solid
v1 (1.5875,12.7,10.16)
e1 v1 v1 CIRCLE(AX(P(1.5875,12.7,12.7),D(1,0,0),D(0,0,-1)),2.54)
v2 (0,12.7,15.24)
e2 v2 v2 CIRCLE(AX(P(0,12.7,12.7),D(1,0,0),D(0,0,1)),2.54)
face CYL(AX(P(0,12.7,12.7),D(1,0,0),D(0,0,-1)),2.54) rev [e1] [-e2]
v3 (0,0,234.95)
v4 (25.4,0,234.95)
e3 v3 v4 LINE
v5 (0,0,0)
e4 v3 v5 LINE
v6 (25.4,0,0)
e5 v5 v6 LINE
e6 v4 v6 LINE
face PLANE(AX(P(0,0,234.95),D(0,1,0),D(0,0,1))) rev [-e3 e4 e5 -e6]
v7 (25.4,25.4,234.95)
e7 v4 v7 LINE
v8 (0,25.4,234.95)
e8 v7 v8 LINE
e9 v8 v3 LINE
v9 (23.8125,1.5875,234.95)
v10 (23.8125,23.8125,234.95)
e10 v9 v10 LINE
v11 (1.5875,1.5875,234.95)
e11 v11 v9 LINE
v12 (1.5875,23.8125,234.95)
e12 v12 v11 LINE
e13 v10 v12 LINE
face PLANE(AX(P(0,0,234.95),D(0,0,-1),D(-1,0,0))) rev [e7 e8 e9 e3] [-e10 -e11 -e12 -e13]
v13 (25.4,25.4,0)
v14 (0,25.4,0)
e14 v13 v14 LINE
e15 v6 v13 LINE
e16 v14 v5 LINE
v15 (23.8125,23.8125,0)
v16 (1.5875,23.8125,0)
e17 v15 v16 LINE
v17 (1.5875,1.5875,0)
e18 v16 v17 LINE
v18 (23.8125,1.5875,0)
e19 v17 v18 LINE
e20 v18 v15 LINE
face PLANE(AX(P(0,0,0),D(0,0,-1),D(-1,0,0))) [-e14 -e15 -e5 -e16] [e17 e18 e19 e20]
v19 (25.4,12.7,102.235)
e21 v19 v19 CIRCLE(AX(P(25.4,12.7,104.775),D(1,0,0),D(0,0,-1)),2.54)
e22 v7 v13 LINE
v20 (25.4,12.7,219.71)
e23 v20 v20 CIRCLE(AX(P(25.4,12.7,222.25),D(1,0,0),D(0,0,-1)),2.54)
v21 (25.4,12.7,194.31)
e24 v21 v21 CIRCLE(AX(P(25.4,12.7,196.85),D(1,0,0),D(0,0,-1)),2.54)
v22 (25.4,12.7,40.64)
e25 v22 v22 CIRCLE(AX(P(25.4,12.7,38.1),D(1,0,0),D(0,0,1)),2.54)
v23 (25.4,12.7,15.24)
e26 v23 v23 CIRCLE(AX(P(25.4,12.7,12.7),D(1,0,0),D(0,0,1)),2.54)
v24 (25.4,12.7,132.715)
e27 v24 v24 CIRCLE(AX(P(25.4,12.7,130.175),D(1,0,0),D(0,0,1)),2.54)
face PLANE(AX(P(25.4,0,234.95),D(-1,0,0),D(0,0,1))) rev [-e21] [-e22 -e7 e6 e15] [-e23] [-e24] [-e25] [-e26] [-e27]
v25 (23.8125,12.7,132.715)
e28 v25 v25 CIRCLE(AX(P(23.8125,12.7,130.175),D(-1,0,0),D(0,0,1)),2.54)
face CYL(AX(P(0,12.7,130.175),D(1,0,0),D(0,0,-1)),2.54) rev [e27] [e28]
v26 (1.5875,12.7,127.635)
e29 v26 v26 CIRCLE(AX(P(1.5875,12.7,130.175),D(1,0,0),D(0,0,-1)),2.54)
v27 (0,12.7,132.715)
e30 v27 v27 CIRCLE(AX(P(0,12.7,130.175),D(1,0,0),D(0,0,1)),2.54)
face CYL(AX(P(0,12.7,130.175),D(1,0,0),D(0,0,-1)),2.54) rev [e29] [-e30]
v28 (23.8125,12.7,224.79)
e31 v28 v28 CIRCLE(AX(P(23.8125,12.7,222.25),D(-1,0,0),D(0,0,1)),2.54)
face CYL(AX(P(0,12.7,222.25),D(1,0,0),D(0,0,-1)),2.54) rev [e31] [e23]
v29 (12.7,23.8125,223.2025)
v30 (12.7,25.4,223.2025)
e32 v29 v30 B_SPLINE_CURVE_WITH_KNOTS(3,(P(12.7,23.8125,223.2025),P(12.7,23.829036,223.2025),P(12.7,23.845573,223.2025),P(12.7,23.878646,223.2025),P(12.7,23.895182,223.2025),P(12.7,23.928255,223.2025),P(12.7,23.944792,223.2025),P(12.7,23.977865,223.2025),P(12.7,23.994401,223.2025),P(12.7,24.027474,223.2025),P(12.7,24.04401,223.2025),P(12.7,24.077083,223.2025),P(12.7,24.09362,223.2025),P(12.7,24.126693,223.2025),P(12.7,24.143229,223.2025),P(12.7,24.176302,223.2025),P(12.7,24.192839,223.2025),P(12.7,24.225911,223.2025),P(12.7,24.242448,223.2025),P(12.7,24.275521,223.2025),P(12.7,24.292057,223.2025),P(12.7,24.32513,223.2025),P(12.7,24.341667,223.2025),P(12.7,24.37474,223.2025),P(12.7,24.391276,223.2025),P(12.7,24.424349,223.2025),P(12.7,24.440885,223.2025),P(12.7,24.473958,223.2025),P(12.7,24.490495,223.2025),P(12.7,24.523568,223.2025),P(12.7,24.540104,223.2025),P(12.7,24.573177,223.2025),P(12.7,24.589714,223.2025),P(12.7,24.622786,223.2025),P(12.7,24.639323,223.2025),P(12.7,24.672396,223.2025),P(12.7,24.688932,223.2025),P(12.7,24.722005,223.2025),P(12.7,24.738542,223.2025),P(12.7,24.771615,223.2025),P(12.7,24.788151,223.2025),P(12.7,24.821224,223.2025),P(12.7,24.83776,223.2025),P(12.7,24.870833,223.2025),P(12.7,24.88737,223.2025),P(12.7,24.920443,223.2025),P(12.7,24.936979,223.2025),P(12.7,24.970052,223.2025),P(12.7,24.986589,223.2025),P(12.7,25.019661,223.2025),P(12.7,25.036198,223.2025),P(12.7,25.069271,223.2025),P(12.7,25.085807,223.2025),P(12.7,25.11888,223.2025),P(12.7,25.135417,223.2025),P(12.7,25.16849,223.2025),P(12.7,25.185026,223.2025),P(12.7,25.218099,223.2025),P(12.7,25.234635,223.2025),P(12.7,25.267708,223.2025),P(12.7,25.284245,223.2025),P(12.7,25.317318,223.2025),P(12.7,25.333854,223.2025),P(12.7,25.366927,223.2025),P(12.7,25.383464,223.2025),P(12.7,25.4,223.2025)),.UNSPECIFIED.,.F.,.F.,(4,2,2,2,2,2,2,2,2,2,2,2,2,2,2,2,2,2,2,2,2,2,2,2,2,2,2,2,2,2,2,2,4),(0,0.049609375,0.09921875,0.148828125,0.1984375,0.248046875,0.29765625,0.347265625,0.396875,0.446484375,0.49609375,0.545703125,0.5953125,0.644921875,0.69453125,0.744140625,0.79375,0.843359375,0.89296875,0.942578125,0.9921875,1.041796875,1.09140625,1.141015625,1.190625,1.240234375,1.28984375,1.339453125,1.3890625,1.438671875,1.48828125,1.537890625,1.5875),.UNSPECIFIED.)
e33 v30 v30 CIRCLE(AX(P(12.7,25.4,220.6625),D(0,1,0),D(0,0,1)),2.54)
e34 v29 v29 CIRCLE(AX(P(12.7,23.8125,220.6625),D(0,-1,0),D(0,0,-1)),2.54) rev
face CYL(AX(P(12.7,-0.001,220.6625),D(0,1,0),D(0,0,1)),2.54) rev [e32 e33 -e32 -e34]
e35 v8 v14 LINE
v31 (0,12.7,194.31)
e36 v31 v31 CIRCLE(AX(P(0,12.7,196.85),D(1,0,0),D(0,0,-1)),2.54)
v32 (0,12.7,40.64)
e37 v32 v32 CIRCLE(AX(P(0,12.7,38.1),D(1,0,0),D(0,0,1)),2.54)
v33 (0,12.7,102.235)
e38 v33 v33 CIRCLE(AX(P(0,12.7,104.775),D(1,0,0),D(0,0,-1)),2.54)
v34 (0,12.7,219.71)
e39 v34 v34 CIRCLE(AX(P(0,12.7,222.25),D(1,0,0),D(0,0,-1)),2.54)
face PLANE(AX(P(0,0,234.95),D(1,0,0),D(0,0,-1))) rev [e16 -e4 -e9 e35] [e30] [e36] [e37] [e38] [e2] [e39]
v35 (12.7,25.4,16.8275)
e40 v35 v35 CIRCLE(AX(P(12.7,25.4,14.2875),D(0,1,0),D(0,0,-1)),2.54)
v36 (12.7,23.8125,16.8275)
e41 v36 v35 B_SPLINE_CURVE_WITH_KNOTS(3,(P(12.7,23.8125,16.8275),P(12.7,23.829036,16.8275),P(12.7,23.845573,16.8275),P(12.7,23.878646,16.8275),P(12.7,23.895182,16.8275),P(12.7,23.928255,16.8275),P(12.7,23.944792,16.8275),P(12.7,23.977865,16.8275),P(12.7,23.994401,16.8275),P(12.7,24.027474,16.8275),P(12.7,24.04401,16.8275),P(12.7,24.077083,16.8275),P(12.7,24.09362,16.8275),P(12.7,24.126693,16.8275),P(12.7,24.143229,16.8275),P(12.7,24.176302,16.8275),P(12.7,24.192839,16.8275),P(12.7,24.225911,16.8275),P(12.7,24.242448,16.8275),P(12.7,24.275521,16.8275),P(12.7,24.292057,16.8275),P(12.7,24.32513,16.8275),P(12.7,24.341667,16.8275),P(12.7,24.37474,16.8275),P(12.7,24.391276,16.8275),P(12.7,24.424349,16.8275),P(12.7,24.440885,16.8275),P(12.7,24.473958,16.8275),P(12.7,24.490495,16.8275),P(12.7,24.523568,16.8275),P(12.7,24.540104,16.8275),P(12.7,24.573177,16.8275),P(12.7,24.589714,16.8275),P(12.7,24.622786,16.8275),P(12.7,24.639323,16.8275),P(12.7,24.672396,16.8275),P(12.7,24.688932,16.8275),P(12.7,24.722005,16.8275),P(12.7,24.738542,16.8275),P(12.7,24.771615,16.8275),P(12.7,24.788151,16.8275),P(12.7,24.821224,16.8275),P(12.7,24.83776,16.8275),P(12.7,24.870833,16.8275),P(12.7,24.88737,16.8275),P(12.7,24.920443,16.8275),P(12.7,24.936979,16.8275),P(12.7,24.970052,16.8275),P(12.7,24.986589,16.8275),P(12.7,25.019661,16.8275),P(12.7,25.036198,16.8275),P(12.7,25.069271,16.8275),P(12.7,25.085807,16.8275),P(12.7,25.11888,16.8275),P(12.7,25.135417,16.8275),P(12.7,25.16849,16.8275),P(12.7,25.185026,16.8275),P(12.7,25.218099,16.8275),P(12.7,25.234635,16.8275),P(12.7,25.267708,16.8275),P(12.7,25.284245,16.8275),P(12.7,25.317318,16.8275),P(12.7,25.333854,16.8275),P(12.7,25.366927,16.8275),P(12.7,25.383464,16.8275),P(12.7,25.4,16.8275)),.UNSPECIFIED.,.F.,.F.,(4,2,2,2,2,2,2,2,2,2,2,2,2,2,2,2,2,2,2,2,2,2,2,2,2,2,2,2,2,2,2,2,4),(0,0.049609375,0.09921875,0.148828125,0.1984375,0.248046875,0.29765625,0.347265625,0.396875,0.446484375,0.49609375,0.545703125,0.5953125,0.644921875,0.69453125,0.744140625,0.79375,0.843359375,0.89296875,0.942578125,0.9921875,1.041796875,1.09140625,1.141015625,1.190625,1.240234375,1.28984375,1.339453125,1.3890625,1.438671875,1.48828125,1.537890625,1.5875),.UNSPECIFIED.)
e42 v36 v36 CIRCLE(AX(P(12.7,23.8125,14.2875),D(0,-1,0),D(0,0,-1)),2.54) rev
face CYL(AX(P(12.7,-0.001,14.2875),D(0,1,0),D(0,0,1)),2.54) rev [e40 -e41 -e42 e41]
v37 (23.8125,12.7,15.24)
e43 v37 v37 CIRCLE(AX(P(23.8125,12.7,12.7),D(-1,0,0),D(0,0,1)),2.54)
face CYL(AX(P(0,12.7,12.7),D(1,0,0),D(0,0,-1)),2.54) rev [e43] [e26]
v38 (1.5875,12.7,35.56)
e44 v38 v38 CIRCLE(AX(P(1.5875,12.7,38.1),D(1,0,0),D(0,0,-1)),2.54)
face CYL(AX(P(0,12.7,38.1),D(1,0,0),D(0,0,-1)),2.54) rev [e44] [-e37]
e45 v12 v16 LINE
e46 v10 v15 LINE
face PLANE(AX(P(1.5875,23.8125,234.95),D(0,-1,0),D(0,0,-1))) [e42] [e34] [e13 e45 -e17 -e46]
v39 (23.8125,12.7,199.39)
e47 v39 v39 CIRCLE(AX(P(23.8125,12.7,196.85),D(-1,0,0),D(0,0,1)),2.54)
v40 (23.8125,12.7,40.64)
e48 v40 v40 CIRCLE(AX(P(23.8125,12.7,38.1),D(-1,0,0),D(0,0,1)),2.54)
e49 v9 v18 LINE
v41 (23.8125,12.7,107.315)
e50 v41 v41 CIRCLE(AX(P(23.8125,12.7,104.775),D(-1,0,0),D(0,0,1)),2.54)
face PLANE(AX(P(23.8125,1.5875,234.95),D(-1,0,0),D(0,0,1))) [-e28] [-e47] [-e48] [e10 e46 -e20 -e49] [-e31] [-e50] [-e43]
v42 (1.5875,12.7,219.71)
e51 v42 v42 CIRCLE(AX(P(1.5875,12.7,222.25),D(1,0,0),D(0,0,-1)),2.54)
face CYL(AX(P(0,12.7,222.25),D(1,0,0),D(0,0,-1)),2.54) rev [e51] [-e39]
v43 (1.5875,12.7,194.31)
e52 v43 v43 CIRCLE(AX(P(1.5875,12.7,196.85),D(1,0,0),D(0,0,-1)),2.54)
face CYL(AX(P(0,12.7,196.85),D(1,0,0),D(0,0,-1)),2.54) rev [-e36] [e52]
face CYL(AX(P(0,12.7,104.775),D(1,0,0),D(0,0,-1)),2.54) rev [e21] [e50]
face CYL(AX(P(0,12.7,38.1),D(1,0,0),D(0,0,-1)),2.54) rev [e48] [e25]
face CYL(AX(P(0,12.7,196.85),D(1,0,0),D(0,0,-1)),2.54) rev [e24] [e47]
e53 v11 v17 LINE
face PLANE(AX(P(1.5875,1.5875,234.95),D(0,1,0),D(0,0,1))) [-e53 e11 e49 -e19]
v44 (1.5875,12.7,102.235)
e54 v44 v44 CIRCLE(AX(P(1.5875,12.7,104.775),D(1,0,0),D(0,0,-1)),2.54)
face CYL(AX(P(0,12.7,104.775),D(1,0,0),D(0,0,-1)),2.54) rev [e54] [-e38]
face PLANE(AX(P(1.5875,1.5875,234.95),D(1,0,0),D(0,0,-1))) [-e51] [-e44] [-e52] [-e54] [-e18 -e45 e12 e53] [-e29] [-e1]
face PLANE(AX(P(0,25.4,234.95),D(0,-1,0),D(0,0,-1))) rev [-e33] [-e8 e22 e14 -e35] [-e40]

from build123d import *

# Parameters (mm, degrees)
SKETCH1_W           = 25.4
SKETCH1_H           = 25.4
SKETCH1_W_2         = 22.225
SKETCH1_H_2         = 22.225
BOSS_EXTRUDE1_DEPTH = 234.95
SKETCH4_R           = 2.54
CUT_EXTRUDE3_DEPTH  = 238.680084357
CUT_EXTRUDE4_REACH  = 239.68
SKETCH5_R           = 2.54


with BuildPart() as part:
    # Sketch1 → Boss-Extrude1 (new body)
    with BuildSketch(Plane.XY):
        with Locations((12.7, 12.7)):
            Rectangle(SKETCH1_W, SKETCH1_H)
        with Locations((12.7, 12.7)):
            Rectangle(SKETCH1_W_2, SKETCH1_H_2, mode=Mode.SUBTRACT)
    extrude(amount=BOSS_EXTRUDE1_DEPTH)

    # Sketch4 → Cut-Extrude3 (cut, through all)
    with BuildSketch(Plane(origin=(25.4, 0, 0), x_dir=(0, 0, -1), z_dir=(1, 0, 0))):
        with Locations((-222.25, 12.7)):
            Circle(SKETCH4_R)
        with Locations((-196.85, 12.7)):
            Circle(SKETCH4_R)
        with Locations(Location((-38.1, 12.7, 0), (0, 0, 180))):
            Circle(SKETCH4_R)
        with Locations(Location((-12.7, 12.7, 0), (0, 0, 180))):
            Circle(SKETCH4_R)
        with Locations((-104.775, 12.7)):
            Circle(SKETCH4_R)
        with Locations(Location((-130.175, 12.7, 0), (0, 0, 180))):
            Circle(SKETCH4_R)
    extrude(amount=-CUT_EXTRUDE3_DEPTH, mode=Mode.SUBTRACT)

    # Sketch5 → Cut-Extrude4 (cut, up to next)
    with BuildSketch(Plane(origin=(0, 25.4, 0), x_dir=(1, 0, 0), z_dir=(0, 1, 0)), mode=Mode.PRIVATE) as cut_extrude4_sk1:
        with Locations(Location((12.7, -220.6625, 0), (0, 0, 270))):
            Circle(SKETCH5_R)
    cut_extrude4_tool1 = extrude(cut_extrude4_sk1.sketch, amount=-CUT_EXTRUDE4_REACH, mode=Mode.PRIVATE) & part.part
    # Sketch5 → Cut-Extrude4 (cut, up to next)
    with BuildSketch(Plane(origin=(0, 25.4, 0), x_dir=(1, 0, 0), z_dir=(0, 1, 0)), mode=Mode.PRIVATE) as cut_extrude4_sk2:
        with Locations(Location((12.7, -14.2875, 0), (0, 0, 270))):
            Circle(SKETCH5_R)
    cut_extrude4_tool2 = extrude(cut_extrude4_sk2.sketch, amount=-CUT_EXTRUDE4_REACH, mode=Mode.PRIVATE) & part.part
    add(cut_extrude4_tool1.solids().sort_by_distance((12.7, 25.4, 220.6625))[0], mode=Mode.SUBTRACT)
    add(cut_extrude4_tool2.solids().sort_by_distance((12.7, 25.4, 14.2875))[0], mode=Mode.SUBTRACT)


solid = part.part
